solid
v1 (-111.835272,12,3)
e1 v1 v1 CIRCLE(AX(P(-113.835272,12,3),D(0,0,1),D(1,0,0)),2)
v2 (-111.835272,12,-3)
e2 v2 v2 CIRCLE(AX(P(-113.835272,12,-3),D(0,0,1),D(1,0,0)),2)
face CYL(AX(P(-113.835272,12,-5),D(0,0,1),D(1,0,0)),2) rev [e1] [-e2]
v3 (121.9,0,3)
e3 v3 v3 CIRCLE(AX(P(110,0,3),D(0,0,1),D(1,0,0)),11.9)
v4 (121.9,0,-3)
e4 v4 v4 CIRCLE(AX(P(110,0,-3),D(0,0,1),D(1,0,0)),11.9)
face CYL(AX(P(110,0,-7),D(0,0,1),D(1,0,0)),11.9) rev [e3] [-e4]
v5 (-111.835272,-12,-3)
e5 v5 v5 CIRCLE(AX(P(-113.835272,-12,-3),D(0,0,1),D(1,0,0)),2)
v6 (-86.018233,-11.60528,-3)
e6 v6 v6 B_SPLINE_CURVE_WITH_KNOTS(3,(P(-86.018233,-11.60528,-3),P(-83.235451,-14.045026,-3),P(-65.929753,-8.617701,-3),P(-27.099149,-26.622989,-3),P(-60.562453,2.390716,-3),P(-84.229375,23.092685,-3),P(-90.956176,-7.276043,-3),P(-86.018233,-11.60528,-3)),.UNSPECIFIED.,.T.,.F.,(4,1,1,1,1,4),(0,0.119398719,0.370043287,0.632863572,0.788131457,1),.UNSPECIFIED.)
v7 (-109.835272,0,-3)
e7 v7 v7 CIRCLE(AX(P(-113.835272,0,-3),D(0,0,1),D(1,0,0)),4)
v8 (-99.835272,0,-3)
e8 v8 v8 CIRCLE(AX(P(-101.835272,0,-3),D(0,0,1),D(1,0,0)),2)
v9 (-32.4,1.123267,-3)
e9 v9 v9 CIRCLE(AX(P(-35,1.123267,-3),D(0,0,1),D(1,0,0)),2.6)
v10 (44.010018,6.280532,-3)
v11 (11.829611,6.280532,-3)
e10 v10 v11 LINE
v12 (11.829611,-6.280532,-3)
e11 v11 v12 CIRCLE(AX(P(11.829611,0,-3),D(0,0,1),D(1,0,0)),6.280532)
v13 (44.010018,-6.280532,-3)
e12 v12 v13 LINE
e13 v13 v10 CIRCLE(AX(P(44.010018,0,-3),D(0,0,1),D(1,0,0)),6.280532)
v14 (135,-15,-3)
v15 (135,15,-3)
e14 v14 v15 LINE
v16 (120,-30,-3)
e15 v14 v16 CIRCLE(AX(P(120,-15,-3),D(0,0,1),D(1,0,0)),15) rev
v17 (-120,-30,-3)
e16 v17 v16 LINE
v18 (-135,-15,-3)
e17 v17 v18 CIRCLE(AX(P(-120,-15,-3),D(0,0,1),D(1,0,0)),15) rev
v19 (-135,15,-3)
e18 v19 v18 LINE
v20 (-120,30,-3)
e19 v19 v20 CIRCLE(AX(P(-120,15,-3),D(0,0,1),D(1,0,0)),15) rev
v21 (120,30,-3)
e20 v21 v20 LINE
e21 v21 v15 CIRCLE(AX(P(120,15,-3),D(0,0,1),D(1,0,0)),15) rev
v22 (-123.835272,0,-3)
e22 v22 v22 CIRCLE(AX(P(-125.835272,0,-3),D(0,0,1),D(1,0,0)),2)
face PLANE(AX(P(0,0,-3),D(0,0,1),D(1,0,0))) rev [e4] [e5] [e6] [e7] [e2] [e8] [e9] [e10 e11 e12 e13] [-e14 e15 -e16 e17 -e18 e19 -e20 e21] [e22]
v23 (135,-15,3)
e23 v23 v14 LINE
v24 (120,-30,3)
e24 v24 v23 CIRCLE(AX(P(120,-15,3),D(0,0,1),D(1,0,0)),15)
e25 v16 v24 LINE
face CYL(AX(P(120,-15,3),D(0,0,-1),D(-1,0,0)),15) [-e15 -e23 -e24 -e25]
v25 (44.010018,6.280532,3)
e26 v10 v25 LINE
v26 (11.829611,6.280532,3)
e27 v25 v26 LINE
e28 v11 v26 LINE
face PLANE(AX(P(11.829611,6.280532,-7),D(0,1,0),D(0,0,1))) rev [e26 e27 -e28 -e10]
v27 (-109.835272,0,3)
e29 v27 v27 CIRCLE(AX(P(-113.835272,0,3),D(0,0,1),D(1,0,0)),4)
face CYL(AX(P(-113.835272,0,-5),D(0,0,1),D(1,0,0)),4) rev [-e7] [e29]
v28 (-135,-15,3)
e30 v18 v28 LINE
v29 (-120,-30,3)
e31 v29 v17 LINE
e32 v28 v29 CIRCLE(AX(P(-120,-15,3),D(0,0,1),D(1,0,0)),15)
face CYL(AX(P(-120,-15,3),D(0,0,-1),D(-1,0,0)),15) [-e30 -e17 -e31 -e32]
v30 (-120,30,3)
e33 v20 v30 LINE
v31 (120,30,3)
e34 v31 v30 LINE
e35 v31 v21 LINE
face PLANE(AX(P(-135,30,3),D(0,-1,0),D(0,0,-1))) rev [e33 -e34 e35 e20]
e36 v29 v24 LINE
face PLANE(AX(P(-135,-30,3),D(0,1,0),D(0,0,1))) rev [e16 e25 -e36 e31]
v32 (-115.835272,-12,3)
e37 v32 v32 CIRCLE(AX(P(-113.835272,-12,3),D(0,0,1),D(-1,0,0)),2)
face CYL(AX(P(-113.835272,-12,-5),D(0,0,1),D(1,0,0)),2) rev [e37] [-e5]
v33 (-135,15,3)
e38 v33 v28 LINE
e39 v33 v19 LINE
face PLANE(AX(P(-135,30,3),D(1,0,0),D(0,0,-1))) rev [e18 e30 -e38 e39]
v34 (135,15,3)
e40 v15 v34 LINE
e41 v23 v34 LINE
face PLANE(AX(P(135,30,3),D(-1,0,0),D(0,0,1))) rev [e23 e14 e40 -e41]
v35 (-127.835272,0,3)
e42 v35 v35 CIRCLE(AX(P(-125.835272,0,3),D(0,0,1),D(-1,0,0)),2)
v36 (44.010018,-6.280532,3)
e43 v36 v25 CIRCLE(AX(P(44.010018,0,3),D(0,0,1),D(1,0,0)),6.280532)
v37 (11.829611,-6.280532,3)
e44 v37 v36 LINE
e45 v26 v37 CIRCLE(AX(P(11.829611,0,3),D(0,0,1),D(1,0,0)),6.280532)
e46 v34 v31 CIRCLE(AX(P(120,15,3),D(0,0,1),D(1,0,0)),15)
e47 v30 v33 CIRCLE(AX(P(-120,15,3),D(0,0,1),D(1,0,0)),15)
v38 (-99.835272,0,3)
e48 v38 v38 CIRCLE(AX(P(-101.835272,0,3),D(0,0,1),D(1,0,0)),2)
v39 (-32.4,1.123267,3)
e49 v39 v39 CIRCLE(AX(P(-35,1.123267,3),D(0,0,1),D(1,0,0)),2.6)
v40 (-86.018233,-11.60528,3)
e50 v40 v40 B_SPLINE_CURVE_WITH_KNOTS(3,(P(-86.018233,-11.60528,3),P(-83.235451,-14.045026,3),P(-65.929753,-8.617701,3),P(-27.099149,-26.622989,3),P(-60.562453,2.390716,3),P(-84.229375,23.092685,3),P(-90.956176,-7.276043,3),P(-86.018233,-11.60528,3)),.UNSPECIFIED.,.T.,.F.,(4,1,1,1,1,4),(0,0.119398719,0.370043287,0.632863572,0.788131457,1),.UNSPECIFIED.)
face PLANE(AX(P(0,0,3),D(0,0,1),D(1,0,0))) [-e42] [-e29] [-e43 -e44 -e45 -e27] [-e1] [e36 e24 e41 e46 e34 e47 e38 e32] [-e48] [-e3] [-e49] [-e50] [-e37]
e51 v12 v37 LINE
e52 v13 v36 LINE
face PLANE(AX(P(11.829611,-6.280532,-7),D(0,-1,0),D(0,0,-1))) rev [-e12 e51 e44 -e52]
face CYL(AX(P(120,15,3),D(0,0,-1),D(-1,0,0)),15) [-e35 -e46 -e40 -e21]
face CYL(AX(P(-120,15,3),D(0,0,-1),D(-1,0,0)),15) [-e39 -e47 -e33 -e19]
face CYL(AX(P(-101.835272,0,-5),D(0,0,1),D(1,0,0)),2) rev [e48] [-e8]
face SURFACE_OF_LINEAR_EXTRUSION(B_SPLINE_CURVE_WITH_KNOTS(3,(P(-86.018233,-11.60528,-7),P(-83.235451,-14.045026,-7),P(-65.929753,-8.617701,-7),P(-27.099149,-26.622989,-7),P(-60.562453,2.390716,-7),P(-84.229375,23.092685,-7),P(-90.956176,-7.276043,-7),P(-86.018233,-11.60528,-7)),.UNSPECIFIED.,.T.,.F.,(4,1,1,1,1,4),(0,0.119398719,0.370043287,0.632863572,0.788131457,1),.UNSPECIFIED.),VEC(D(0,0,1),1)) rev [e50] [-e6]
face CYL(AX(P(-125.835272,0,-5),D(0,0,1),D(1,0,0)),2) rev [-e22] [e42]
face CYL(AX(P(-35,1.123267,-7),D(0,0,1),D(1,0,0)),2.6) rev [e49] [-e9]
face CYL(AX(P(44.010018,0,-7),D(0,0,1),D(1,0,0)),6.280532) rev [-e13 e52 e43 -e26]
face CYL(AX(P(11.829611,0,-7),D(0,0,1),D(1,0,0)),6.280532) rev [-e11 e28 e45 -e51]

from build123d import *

# Parameters (mm, degrees)
SKETCH1_W           = 270
SKETCH1_H           = 60
BOSS_EXTRUDE1_DEPTH = 3
FILLET1_R           = 15
SKETCH3_R           = 4
SKETCH3_R_2         = 2
CUT_EXTRUDE1_DEPTH  = 8
SKETCH4_R           = 2.6
SKETCH4_R_2         = 11.9
CUT_EXTRUDE2_DEPTH  = 10
CUT_EXTRUDE3_DEPTH  = 10


with BuildPart() as part:
    # Sketch1 → Boss-Extrude1 (new, symmetric)
    with BuildSketch(Plane.XY):
        Rectangle(SKETCH1_W, SKETCH1_H)
    extrude(amount=BOSS_EXTRUDE1_DEPTH, both=True)

    # Fillet1
    fillet1_edges = [part.edges().sort_by_distance(p)[0] for p in [
        (135, -30, 0),
        (-135, -30, 0),
        (-135, 30, 0),
        (135, 30, 0),
    ]]
    fillet(fillet1_edges, radius=FILLET1_R)

    # Sketch3 → Cut-Extrude1 (cut)
    with BuildSketch(Plane.XY.offset(3)):
        with Locations((-113.835271993, 0)):
            Circle(SKETCH3_R)
        with Locations((-113.835271993, 12)):
            Circle(SKETCH3_R_2)
        with Locations((-113.835271993, -12)):
            Circle(SKETCH3_R_2)
        with Locations((-101.835271993, 0)):
            Circle(SKETCH3_R_2)
        with Locations((-125.835271993, 0)):
            Circle(SKETCH3_R_2)
    extrude(amount=-CUT_EXTRUDE1_DEPTH, mode=Mode.SUBTRACT)

    # Sketch4 → Cut-Extrude2 (cut)
    with BuildSketch(Plane.XY.offset(3)):
        with Locations((-35, 1.123266966)):
            Circle(SKETCH4_R)
        with Locations((110, 0)):
            Circle(SKETCH4_R_2)
    extrude(amount=-CUT_EXTRUDE2_DEPTH, mode=Mode.SUBTRACT)

    # Sketch5 → Cut-Extrude3 (cut)
    with BuildSketch(Plane.XY.offset(3)):
        with BuildLine():
            add(Edge.make_bspline(
                [(-86.01823318, -11.605280405), (-90.956175865, -7.27604283), (-84.22937534, 23.092684909), (-60.562452564, 2.39071625), (-27.099149372, -26.622988945), (-65.929752728, -8.617700677), (-83.23545088, -14.045026362), (-86.01823318, -11.605280405)],
                knots=[0, 0, 0, 0, 0.211868543, 0.367136428, 0.629956713, 0.880601281, 1, 1, 1, 1], degree=3))
        make_face()
        with BuildLine():
            Line((11.82961063, 6.280531647), (44.0100176, 6.280531647))
            ThreePointArc((44.0100176, 6.280531647), (50.290549247, 0), (44.0100176, -6.280531647))
            Line((44.0100176, -6.280531647), (11.82961063, -6.280531647))
            ThreePointArc((11.82961063, -6.280531647), (5.549078983, 0), (11.82961063, 6.280531647))
        make_face()
    extrude(amount=-CUT_EXTRUDE3_DEPTH, mode=Mode.SUBTRACT)


solid = part.part
